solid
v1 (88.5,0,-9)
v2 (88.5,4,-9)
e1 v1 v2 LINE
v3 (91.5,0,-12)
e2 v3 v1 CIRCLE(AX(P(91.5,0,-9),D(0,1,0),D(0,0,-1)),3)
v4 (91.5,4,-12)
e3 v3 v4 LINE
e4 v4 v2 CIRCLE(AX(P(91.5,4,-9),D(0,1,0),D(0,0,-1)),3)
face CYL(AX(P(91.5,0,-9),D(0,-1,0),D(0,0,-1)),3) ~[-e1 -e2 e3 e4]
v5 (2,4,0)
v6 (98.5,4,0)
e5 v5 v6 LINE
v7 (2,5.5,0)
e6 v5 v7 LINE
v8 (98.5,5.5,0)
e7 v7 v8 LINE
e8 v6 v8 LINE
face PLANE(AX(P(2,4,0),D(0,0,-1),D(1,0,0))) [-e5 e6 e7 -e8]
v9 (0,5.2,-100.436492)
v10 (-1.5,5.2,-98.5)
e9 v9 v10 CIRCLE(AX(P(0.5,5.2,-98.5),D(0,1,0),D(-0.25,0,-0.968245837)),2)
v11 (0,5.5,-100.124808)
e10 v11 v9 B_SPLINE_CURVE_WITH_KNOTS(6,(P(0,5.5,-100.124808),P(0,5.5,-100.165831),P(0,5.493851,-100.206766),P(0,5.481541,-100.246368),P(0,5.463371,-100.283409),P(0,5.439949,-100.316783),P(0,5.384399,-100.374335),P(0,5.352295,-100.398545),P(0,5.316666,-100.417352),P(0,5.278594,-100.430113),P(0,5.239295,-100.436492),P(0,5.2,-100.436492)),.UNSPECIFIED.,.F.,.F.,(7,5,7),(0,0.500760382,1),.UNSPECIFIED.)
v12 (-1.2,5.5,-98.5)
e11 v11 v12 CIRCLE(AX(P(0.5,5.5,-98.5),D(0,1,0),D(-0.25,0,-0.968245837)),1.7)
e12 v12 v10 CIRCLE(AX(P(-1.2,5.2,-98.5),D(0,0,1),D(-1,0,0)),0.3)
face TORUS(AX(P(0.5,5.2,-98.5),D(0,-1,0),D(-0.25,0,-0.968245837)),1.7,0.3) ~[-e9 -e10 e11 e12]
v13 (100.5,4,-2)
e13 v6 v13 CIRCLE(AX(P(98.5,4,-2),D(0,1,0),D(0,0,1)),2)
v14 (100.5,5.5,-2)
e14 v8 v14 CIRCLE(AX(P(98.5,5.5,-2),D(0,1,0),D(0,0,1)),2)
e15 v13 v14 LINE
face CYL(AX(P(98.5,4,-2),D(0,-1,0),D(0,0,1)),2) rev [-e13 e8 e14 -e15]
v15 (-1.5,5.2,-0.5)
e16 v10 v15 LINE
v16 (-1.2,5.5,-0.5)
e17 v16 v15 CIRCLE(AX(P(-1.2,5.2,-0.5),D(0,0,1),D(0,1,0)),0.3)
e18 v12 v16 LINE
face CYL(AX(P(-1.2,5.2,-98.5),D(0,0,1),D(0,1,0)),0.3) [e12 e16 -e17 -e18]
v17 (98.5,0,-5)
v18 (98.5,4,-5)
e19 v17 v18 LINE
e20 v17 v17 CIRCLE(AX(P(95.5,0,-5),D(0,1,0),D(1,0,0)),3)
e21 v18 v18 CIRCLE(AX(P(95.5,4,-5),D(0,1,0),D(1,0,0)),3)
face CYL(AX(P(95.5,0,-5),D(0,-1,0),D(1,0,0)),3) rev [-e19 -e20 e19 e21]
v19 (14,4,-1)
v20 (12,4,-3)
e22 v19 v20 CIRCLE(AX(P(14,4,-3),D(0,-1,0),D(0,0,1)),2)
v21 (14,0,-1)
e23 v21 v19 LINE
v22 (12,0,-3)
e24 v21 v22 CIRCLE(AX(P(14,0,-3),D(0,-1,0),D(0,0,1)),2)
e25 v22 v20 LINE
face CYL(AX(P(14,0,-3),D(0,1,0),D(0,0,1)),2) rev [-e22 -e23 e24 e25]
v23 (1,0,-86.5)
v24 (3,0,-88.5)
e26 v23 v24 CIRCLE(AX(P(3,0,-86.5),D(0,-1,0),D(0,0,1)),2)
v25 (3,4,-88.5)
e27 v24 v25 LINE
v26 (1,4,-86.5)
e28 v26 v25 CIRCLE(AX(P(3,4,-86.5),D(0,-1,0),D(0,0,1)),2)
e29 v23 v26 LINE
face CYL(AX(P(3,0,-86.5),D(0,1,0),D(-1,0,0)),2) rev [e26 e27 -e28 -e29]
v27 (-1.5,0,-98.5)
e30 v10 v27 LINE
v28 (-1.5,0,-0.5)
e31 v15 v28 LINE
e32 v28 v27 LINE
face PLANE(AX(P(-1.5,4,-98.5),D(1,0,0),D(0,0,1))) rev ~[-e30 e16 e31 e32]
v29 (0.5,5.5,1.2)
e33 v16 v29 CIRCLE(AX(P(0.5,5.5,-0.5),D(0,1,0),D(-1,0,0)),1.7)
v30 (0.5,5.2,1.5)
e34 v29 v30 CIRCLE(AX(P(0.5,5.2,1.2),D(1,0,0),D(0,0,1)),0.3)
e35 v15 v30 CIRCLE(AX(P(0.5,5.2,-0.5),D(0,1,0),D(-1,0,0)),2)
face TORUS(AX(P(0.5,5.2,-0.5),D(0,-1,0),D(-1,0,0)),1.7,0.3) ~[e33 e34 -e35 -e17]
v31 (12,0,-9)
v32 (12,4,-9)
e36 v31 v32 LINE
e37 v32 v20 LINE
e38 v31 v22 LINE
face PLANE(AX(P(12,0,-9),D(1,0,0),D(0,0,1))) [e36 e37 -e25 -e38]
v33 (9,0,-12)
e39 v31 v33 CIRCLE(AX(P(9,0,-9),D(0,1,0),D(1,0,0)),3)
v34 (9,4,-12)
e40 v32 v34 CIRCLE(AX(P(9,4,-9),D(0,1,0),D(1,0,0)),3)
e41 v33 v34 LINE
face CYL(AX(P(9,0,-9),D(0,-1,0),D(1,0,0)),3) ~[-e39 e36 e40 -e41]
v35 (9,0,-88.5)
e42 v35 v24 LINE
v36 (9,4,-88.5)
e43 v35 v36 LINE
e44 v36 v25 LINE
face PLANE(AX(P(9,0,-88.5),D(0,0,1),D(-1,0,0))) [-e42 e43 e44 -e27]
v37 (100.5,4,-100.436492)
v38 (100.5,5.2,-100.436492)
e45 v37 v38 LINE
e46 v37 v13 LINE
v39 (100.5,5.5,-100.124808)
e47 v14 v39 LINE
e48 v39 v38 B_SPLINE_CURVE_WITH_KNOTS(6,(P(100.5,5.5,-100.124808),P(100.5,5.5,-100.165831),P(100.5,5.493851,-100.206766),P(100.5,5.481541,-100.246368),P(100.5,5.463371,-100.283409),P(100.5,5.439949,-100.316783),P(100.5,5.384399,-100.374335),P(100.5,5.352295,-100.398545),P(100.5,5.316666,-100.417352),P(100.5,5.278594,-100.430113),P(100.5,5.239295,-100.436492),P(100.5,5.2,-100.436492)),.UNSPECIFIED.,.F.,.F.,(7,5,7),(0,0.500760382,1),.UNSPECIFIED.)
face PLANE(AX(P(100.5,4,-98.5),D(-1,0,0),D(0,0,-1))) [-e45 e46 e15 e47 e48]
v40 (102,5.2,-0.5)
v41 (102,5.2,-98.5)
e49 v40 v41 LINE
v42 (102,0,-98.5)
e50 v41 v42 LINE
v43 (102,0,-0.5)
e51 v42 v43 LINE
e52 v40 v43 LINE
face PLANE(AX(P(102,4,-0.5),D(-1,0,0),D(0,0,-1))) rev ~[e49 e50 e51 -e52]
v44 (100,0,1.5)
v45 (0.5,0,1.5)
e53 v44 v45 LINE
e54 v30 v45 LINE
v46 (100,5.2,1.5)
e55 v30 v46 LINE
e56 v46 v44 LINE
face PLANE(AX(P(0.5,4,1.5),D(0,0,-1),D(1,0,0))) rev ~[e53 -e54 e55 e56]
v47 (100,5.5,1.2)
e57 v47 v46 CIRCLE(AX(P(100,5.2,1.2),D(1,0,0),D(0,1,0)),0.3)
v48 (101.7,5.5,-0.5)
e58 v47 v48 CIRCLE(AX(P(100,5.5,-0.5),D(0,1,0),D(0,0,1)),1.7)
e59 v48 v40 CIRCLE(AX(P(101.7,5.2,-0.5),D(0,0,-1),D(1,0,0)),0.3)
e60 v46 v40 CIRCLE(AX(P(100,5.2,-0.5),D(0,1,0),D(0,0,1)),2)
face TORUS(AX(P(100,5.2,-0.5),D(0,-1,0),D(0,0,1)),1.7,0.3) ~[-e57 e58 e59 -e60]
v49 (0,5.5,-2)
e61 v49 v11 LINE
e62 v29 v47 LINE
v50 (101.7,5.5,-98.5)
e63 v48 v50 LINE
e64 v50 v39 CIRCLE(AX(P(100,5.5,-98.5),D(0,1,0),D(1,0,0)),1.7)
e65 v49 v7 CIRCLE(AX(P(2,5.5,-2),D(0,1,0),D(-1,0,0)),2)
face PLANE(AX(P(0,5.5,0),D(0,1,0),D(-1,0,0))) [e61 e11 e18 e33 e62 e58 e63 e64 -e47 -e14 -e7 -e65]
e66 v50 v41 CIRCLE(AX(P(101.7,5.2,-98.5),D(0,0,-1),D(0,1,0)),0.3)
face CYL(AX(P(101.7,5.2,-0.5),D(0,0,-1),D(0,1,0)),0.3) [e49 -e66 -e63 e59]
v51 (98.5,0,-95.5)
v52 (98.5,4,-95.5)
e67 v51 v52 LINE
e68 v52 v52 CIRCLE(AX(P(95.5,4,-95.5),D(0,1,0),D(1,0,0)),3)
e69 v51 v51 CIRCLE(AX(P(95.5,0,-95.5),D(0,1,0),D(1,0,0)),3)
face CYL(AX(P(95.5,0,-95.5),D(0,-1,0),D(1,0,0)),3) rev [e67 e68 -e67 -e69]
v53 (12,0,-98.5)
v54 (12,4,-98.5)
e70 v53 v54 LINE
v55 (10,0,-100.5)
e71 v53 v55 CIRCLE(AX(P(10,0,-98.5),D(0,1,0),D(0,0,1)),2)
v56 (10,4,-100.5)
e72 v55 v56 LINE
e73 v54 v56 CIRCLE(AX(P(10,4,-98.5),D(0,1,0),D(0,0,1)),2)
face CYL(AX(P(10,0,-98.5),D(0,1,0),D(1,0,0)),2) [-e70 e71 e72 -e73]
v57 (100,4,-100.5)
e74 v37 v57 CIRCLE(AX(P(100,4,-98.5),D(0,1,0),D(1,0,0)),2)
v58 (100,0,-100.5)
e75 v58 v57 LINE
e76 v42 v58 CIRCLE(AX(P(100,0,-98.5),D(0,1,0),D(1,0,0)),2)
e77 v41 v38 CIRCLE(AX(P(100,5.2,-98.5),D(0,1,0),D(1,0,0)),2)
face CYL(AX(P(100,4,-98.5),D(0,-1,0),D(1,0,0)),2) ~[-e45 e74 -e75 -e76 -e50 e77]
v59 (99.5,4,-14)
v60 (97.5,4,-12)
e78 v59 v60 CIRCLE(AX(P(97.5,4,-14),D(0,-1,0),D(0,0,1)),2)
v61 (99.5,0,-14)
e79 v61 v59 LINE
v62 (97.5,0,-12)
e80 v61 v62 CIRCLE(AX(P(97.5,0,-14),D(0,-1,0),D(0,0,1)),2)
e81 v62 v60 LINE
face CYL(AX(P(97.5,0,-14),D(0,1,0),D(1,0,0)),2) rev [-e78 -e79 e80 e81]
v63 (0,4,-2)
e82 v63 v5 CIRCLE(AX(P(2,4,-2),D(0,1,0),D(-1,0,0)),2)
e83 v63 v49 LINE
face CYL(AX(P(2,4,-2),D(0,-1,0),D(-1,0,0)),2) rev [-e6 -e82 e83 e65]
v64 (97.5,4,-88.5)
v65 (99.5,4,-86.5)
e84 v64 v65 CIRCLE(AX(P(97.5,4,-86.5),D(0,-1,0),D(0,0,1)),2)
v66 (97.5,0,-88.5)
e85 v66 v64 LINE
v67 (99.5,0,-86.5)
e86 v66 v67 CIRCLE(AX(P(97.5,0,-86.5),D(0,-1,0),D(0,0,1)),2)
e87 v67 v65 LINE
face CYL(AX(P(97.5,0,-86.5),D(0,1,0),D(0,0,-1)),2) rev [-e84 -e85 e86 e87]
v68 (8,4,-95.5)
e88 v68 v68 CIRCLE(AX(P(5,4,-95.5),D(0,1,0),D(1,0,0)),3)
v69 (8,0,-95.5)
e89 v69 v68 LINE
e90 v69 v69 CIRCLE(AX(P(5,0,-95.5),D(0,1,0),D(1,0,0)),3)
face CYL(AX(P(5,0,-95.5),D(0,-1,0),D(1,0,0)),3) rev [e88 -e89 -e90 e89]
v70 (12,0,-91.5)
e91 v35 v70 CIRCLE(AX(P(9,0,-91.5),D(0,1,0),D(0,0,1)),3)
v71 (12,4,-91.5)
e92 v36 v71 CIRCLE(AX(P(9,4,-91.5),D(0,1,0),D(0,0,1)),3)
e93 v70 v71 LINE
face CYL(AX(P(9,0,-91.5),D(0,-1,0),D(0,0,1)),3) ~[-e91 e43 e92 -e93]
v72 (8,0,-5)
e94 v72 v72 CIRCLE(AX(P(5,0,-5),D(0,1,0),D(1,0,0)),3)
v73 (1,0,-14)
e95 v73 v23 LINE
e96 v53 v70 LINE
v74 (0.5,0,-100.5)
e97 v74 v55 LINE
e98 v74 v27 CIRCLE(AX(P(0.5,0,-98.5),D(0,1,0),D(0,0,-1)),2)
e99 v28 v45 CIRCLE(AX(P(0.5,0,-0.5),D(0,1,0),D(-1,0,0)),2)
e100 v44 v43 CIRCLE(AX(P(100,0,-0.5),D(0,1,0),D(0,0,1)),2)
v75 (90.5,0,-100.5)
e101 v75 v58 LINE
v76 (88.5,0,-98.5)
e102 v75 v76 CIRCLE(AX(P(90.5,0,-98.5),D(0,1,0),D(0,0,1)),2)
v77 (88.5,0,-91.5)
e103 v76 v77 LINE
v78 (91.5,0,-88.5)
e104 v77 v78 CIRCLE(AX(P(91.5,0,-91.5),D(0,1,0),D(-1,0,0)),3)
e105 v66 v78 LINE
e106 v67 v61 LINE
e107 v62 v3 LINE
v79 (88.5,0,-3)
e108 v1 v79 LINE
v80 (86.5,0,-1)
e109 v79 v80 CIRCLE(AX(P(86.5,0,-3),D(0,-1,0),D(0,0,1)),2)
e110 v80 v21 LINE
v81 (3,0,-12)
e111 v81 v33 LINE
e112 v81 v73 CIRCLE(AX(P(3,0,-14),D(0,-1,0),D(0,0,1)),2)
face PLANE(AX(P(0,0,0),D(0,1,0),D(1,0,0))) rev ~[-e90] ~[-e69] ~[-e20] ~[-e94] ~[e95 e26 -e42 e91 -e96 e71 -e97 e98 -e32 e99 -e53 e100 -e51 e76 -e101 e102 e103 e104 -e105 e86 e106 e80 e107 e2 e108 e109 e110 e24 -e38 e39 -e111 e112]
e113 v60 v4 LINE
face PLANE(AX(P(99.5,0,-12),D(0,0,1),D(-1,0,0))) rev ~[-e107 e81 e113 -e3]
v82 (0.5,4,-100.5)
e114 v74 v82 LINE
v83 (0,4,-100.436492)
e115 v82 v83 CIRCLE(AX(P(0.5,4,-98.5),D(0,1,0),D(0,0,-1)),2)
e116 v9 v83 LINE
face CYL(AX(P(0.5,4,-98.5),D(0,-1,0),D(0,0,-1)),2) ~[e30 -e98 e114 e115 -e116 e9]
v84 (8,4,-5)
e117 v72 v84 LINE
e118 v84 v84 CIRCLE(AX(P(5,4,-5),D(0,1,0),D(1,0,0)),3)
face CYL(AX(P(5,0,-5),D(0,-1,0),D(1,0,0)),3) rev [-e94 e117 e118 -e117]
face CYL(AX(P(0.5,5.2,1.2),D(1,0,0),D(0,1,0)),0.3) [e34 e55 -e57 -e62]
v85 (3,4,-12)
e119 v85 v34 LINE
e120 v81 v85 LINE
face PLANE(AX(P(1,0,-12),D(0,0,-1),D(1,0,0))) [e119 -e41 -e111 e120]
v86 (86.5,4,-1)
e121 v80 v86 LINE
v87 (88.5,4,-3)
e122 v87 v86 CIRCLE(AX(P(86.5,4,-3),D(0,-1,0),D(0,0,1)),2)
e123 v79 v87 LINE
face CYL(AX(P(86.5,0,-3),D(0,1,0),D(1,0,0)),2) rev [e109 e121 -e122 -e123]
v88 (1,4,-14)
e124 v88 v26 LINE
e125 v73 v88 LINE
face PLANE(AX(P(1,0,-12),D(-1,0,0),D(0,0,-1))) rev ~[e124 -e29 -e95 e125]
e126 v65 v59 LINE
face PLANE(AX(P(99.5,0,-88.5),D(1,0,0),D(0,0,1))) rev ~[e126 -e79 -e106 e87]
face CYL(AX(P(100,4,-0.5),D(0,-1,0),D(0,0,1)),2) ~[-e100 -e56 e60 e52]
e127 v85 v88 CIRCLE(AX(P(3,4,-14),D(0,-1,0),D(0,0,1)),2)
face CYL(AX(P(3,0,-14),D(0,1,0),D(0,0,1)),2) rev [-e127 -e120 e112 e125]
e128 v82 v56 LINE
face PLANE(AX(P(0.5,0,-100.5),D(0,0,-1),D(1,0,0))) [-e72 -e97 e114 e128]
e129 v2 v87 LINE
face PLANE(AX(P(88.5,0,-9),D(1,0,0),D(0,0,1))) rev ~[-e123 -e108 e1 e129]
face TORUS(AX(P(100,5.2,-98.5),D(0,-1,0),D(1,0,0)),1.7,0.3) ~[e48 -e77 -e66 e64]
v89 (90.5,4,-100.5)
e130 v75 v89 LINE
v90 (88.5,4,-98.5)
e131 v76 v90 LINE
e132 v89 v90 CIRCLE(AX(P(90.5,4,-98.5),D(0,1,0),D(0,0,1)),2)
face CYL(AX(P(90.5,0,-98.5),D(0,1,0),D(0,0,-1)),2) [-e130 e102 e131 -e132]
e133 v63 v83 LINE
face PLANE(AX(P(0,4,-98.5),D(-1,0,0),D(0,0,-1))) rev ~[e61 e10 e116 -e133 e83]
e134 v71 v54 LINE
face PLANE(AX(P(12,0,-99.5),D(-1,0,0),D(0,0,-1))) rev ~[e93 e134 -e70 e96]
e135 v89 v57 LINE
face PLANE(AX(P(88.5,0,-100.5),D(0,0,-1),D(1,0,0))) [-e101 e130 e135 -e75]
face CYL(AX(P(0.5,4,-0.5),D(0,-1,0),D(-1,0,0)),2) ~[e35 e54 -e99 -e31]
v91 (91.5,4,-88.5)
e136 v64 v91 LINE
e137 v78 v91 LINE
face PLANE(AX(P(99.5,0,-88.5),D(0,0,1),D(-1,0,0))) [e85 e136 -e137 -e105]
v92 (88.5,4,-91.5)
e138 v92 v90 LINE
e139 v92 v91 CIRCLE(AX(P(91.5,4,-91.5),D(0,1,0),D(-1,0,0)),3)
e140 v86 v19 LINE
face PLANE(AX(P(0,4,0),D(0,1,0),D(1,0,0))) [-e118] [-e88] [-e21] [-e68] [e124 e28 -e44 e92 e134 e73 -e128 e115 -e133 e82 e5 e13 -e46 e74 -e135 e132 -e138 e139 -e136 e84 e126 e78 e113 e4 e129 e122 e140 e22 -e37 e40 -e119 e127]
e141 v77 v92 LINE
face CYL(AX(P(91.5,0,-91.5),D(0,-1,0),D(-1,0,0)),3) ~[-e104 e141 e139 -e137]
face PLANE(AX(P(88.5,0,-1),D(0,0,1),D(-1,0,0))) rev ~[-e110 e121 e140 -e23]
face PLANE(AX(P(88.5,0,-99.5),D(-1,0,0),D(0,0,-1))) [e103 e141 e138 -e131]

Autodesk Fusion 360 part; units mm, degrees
sketch "Sketch1" plane through (0, 0, 0) normal (0, 1, 0) x (1, 0, 0)
  line L0 (2, 0) -> (98.5, 0) construction
  line L1 (100.5, 2) -> (100.5, 98.5) construction
  line L2 (98.5, 100.5) -> (2, 100.5) construction
  line L3 (0, 98.5) -> (0, 2) construction
  circle A0 centre (5, 95.5) radius 1.6 construction
  circle A1 centre (95.5, 95.5) radius 1.6 construction
  circle A2 centre (5, 5) radius 1.6 construction
  circle A3 centre (95.5, 5) radius 1.6 construction
  line L4 (99.5, 97.5) -> (99.5, 3)
  line L5 (97.5, 1) -> (3, 1)
  line L6 (1, 3) -> (1, 97.5)
  line L7 (102, 98.5) -> (102, 0.5)
  line L8 (100, -1.5) -> (0.5, -1.5)
  line L9 (-1.5, 0.5) -> (-1.5, 98.5)
  arc A4 (100, -1.5) -> (102, 0.5) centre (100, 0.5) ccw
  arc A5 (-1.5, 0.5) -> (0.5, -1.5) centre (0.5, 0.5) ccw
  arc A6 (0.5, 100.5) -> (-1.5, 98.5) centre (0.5, 98.5) ccw
  arc A7 (102, 98.5) -> (100, 100.5) centre (100, 98.5) ccw
  arc A8 (97.5, 1) -> (99.5, 3) centre (97.5, 3) ccw
  arc A9 (99.5, 97.5) -> (97.5, 99.5) centre (97.5, 97.5) ccw
  arc A10 (3, 99.5) -> (1, 97.5) centre (3, 97.5) ccw
  arc A11 (1, 3) -> (3, 1) centre (3, 3) ccw
  line L10 (99.5, 88.5) -> (91.5, 88.5)
  line L11 (88.5, 91.5) -> (88.5, 99.5)
  line L12 (99.5, 12) -> (91.5, 12)
  line L13 (88.5, 9) -> (88.5, 1)
  line L14 (1, 12) -> (9, 12)
  line L15 (12, 9) -> (12, 1)
  line L16 (12, 99.5) -> (12, 91.5)
  line L17 (9, 88.5) -> (1, 88.5)
  arc A12 (88.5, 91.5) -> (91.5, 88.5) centre (91.5, 91.5) ccw
  arc A13 (9, 88.5) -> (12, 91.5) centre (9, 91.5) ccw
  arc A14 (12, 9) -> (9, 12) centre (9, 9) ccw
  arc A15 (91.5, 12) -> (88.5, 9) centre (91.5, 9) ccw
  circle A16 centre (95.5, 95.5) radius 3
  circle A17 centre (95.5, 5) radius 3
  circle A18 centre (5, 5) radius 3
  circle A19 centre (5, 95.5) radius 3
  line L18 (3, 99.5) -> (12, 99.5)
  line L19 (88.5, 99.5) -> (97.5, 99.5)
  line L20 (88.5, 99.5) -> (88.5, 100.5)
  line L21 (12, 99.5) -> (12, 100.5)
  line L22 (0.5, 100.5) -> (12, 100.5)
  line L23 (88.5, 100.5) -> (100, 100.5)
  arc A20 (98.5, 0) -> (100.5, 2) centre (98.5, 2) ccw construction
  arc A21 (100.5, 98.5) -> (98.5, 100.5) centre (98.5, 98.5) ccw construction
  arc A22 (2, 100.5) -> (0, 98.5) centre (2, 98.5) ccw construction
  arc A23 (0, 2) -> (2, 0) centre (2, 2) ccw construction
  point P0 (100.5, 0)
  point P1 (0, 100.5)
  dimension "d1" = 100.5
  dimension "d2" = 100.5
  dimension "d3" = 3.2
  dimension "d4" = 5
  dimension "d5" = 5
  dimension "d6" = 3.2
  dimension "d7" = 3.2
  dimension "d8" = 3.2
  dimension "d9" = 5
  dimension "d10" = 1
  dimension "d11" = 1
  dimension "d12" = 1
  dimension "d13" = 1
  dimension "d14" = 2.5
  dimension "d15" = 2.5
  dimension "d16" = 2.5
  dimension "d17" = 2
  dimension "d18" = 2
  dimension "d19" = 2
  dimension "d20" = 2
  dimension "d21" = 2
  dimension "d22" = 2
  dimension "d23" = 2
  dimension "d24" = 2
  dimension "d27" = 12
  dimension "d28" = 12
  dimension "d29" = 12
  dimension "d30" = 12
  dimension "d31" = 12
  dimension "d32" = 12
  dimension "d33" = 12
  dimension "d34" = 12
  dimension "d35" = 3
  dimension "d36" = 3
  dimension "d37" = 6
  dimension "d38" = 6
  dimension "d39" = 6
  dimension "d40" = 6
  dimension "d43" = 2
  dimension "d44" = 2
  dimension "d45" = 2
  dimension "d46" = 2
extrude "Extrude1" add sketch "Sketch1" along normal blind 4
sketch "Sketch2" plane through (0, 4, 0) normal (0, 1, 0) x (-1, 0, 0)
  circle A0 centre (-95.5, -5) radius 3
  circle A1 centre (-5, -5) radius 3
  circle A2 centre (-95.5, -95.5) radius 3
  circle A3 centre (-5, -95.5) radius 3
  arc A4 (-88.5, -91.5) -> (-91.5, -88.5) centre (-91.5, -91.5) ccw
  line L0 (-91.5, -88.5) -> (-99.5, -88.5)
  line L1 (-99.5, -88.5) -> (-99.5, -12)
  line L2 (-99.5, -12) -> (-91.5, -12)
  arc A5 (-91.5, -12) -> (-88.5, -9) centre (-91.5, -9) ccw
  line L3 (-88.5, -9) -> (-88.5, -1)
  line L4 (-88.5, -1) -> (-12, -1)
  line L5 (-12, -1) -> (-12, -9)
  arc A6 (-12, -9) -> (-9, -12) centre (-9, -9) ccw
  line L6 (-9, -12) -> (-1, -12)
  line L7 (-1, -12) -> (-1, -88.5)
  line L8 (-1, -88.5) -> (-9, -88.5)
  arc A7 (-9, -88.5) -> (-12, -91.5) centre (-9, -91.5) ccw
  line L9 (-12, -91.5) -> (-12, -100.5)
  line L10 (-12, -100.5) -> (-0.5, -100.5)
  arc A8 (-0.5, -100.5) -> (1.5, -98.5) centre (-0.5, -98.5) ccw
  line L11 (1.5, -98.5) -> (1.5, -0.5)
  arc A9 (1.5, -0.5) -> (-0.5, 1.5) centre (-0.5, -0.5) ccw
  line L12 (-0.5, 1.5) -> (-100, 1.5)
  arc A10 (-100, 1.5) -> (-102, -0.5) centre (-100, -0.5) ccw
  line L13 (-102, -0.5) -> (-102, -98.5)
  arc A11 (-102, -98.5) -> (-100, -100.5) centre (-100, -98.5) ccw
  line L14 (-100, -100.5) -> (-88.5, -100.5)
  line L15 (-88.5, -100.5) -> (-88.5, -91.5)
  arc A12 (0, -2) -> (-2, 0) centre (-2, -2) ccw
  line L16 (-2, 0) -> (-98.5, 0)
  arc A13 (1.5, -0.5) -> (-0.5, 1.5) centre (-0.5, -0.5) ccw
  line L17 (-0.5, 1.5) -> (-100, 1.5)
  arc A14 (-98.5, 0) -> (-100.5, -2) centre (-98.5, -2) ccw
  line L18 (-100.5, -2) -> (-100.5, -98.5)
  arc A15 (-100, 1.5) -> (-102, -0.5) centre (-100, -0.5) ccw
  line L19 (-102, -98.5) -> (-102, -0.5)
  line L20 (-98.5, -100.5) -> (-2, -100.5)
  line L21 (-100, -100.5) -> (-88.5, -100.5)
  arc A16 (-102, -98.5) -> (-100, -100.5) centre (-100, -98.5) ccw
  line L22 (-102, -0.5) -> (-102, -98.5)
  line L23 (0, -98.5) -> (0, -2)
  arc A17 (-0.5, -100.5) -> (1.5, -98.5) centre (-0.5, -98.5) ccw
  line L24 (1.5, -98.5) -> (1.5, -0.5)
  line L25 (0, -98.5) -> (0, -100.5)
  line L26 (-100.5, -98.5) -> (-100.5, -100.5)
extrude "Extrude3" add sketch "Sketch2" along normal blind 1.5 contours A8 L11 A9 L12 A10 L13 A11 A12 L16 A13 L17 A14 L18 A15 L19 A16 L22 L23 A17 L24 L25 L26
fillet "Fillet2" radius 0.3 7 edges at (-1.0811, 5.5, -99.7247) (-1.5, 5.5, -49.5) (-0.9142, 5.5, 0.9142) (50.25, 5.5, 1.5) (101.4142, 5.5, 0.9142) (102, 5.5, -49.5) (101.5811, 5.5, -99.7247)
extrude "Extrude2" add sketch "Sketch2" along normal blind 1.5 contours A8 L11 A9 L12 A10 L13 A11 A12 L16 A13 L17 A14 L18 A15 L19 A16 L22 L23 A17 L24 L25 L26
fillet "Fillet1" radius 0.3 7 edges at (-1.0811, 5.5, -99.7247) (-1.5, 5.5, -49.5) (-0.9142, 5.5, 0.9142) (50.25, 5.5, 1.5) (101.4142, 5.5, 0.9142) (102, 5.5, -49.5) (101.5811, 5.5, -99.7247)
fillet "Fillet3" radius 2 1 edges at (12, 2, -100.5)
fillet "Fillet3" radius 2 1 edges at (88.5, 2, -100.5)
fillet "Fillet3" radius 2 1 edges at (99.5, 2, -88.5)
fillet "Fillet3" radius 2 1 edges at (99.5, 2, -12)
fillet "Fillet3" radius 2 1 edges at (88.5, 2, -1)
fillet "Fillet3" radius 2 1 edges at (12, 2, -1)
fillet "Fillet3" radius 2 1 edges at (1, 2, -12)
fillet "Fillet3" radius 2 1 edges at (1, 2, -88.5)
